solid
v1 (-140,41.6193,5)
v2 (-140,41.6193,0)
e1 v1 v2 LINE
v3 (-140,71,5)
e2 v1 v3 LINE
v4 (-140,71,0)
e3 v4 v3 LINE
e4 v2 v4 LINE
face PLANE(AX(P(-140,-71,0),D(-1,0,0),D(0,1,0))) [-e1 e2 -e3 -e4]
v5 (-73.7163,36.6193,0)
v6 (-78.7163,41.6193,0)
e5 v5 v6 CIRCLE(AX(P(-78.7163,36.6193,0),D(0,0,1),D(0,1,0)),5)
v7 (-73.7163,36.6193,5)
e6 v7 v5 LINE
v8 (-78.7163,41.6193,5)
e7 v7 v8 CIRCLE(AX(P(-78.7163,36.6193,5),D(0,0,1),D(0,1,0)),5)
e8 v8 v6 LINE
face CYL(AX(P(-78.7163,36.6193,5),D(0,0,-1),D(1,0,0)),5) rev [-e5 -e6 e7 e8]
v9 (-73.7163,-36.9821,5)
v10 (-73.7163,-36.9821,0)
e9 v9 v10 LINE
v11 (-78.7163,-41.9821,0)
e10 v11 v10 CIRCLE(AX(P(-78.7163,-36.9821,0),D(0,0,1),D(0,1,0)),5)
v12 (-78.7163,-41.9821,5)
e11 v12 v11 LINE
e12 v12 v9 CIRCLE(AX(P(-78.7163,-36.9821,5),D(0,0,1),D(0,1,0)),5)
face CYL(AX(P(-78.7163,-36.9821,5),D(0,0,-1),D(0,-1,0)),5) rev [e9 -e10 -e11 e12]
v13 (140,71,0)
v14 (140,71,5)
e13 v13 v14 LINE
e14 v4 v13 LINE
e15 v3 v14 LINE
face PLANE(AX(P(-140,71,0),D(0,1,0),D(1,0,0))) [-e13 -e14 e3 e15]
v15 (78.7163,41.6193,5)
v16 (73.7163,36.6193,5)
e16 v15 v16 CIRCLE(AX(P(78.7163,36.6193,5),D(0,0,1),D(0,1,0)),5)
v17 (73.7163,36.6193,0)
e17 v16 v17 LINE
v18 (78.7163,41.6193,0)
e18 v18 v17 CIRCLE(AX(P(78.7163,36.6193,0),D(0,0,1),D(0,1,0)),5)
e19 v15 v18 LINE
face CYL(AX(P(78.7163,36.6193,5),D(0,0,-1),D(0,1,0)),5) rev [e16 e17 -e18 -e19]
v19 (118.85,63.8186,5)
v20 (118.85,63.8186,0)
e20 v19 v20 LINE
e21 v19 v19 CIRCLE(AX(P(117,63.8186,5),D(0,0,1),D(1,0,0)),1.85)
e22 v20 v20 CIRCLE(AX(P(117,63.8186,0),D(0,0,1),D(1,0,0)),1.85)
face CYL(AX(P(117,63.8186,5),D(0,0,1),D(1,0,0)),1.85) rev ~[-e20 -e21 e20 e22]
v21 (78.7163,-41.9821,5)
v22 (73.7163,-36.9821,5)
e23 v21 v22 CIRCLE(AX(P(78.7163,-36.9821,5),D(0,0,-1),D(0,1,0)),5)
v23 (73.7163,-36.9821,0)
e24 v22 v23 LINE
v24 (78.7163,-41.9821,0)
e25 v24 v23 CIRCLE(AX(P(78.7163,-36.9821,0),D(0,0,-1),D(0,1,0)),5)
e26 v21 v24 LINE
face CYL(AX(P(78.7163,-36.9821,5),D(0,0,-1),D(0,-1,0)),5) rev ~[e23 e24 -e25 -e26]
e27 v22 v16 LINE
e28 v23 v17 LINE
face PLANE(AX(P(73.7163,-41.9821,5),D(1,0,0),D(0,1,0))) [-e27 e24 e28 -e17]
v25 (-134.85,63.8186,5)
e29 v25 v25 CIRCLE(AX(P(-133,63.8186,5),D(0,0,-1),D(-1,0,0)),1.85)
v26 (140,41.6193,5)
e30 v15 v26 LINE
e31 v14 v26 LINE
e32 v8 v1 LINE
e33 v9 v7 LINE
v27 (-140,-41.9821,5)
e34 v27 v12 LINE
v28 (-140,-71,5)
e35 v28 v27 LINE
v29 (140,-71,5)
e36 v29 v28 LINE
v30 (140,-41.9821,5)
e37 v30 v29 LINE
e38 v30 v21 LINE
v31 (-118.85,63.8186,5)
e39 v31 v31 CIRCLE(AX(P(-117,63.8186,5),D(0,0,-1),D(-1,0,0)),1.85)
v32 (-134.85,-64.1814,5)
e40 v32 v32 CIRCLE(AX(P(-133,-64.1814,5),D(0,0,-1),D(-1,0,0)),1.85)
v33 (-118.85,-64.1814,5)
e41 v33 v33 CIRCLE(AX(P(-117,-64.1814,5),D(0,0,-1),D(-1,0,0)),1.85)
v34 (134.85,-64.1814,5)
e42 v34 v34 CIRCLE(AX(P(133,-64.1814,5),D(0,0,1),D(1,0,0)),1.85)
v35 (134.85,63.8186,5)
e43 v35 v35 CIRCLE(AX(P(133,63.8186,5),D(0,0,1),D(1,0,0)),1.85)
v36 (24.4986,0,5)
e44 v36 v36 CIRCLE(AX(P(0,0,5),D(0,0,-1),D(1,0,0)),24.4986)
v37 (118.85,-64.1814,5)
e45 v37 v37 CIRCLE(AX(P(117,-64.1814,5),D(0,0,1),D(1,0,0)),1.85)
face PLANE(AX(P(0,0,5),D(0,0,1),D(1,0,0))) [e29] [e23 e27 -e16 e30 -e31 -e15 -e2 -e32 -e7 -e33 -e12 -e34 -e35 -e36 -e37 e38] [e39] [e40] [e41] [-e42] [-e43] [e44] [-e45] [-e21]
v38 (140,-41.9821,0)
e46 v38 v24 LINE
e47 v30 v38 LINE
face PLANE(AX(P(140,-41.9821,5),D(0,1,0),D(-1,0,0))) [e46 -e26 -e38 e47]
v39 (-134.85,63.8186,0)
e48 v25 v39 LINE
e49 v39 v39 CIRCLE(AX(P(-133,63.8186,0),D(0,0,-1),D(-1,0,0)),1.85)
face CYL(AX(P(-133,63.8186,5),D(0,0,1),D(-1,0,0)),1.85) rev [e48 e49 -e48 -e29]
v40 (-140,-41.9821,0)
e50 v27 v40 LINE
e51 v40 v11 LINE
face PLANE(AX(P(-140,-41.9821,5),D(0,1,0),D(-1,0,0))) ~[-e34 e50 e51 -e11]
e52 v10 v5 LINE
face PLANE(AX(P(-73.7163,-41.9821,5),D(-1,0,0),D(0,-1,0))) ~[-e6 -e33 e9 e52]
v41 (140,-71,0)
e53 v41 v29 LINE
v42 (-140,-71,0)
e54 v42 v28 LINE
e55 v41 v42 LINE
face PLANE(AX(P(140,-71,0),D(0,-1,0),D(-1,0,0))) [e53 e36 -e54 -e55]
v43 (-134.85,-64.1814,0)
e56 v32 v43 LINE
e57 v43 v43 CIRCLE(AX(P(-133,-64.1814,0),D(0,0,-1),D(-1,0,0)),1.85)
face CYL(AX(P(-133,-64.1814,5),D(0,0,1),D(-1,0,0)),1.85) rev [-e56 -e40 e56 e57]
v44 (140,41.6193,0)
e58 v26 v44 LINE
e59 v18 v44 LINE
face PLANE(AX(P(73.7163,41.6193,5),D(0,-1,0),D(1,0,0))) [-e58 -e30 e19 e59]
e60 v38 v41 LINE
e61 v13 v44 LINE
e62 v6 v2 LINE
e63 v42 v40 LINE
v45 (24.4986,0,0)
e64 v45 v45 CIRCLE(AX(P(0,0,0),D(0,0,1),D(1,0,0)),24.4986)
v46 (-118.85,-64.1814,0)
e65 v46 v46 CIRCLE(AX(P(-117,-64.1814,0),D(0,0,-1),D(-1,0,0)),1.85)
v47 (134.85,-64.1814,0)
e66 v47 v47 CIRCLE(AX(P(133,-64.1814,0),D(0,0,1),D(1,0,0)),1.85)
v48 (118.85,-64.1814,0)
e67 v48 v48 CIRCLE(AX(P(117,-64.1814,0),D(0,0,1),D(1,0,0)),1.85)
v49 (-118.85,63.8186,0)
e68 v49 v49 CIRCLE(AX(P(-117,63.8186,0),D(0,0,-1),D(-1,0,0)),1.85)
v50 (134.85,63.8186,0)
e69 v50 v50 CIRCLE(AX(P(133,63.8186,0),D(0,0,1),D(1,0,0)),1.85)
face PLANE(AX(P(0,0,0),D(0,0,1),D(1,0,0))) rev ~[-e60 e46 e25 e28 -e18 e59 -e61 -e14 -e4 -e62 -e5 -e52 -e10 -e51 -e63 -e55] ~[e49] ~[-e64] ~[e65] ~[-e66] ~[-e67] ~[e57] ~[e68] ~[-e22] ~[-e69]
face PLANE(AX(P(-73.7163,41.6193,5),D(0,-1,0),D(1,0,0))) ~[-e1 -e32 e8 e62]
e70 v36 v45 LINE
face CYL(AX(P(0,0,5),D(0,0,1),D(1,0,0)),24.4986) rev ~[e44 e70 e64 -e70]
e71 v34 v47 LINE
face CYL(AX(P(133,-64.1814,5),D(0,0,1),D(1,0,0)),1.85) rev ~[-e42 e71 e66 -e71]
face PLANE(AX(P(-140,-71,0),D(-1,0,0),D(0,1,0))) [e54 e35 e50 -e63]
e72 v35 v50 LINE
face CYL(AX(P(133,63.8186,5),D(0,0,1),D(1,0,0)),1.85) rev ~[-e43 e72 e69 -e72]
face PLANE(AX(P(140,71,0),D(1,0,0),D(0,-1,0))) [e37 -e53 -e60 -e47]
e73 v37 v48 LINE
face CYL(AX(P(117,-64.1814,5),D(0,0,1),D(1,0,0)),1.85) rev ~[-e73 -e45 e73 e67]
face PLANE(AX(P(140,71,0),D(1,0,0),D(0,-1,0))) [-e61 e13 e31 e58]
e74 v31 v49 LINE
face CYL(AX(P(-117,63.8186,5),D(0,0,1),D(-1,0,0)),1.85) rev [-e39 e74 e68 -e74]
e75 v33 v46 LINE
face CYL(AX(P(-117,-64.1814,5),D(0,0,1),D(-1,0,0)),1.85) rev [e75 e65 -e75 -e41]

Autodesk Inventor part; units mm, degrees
ref_plane "YZ Plane" through (0, 0, 0) normal (1, 0, 0) x (0, 1, 0)
ref_plane "XZ Plane" through (0, 0, 0) normal (0, 1, 0) x (-1, 0, 0)
ref_plane "XY Plane" through (0, 0, 0) normal (0, 0, 1) x (1, 0, 0)
sketch "草图1" plane through (0, 0, 0) normal (0, 0, 1) x (1, 0, 0)
  line L0 (140, -71) -> (-140, -71)
  line L1 (-140, -71) -> (-140, 71)
  line L2 (-140, 71) -> (140, 71)
  line L3 (140, 71) -> (140, -71)
  line L4 (140, -71) -> (-140, 71) construction
  line L5 (-140, -71) -> (140, 71) construction
  point P0 (0, 0)
  dimension "d0" = 280
  dimension "d1" = 142
extrude "拉伸1" add sketch "草图1" along normal blind 5
sketch "草图2" plane through (0, 0, 5) normal (0, 0, 1) x (1, 0, 0)
  line L0 (110, 27.873) -> (110, -28.2358) projected
  line L1 (-140, -71) -> (140, -71) projected
  line L2 (0, -71) -> (0, 71)
  line L3 (140, 71) -> (-140, 71) projected
  circle A0 centre (0, 0) radius 24.4986
sketch "草图3" plane through (0, 0, 5) normal (0, 0, 1) x (1, 0, 0)
  point P0 (0, 0)
sketch "草图4" plane through (0, 0, 5) normal (0, 0, 1) x (1, 0, 0)
  circle A0 centre (117, 63.8186) radius 1.85 projected
  circle A1 centre (133, 63.8186) radius 1.85 projected
  circle A2 centre (117, -64.1814) radius 1.85 projected
  circle A3 centre (133, -64.1814) radius 1.85 projected
  line L0 (140, -32.9821) -> (110, -32.9821) projected
  line L1 (110, 32.6193) -> (140, 32.6193) projected
  line L2 (140, -71) -> (140, 71) projected
  line L3 (140, -41.9821) -> (73.7163, -41.9821)
  line L4 (73.7163, -41.9821) -> (73.7163, 41.6193)
  line L5 (73.7163, 41.6193) -> (140, 41.6193)
  line L6 (140, 41.6193) -> (140, -41.9821)
  point P0 (0, 0)
  dimension "d4" = 9
  dimension "d5" = 9
extrude "拉伸2" cut sketch "草图4" against normal blind 5
ref_plane "工作平面1" through (0, 71, 5) normal (1, 0, 0) x (0, 0, -1)
mirror "镜像1" about plane through (0, 71, 5) normal (1, 0, 0) of "拉伸2"
fillet "圆角1" radius 5 4 edges at (73.7163, -41.9821, 2.5) (73.7163, 41.6193, 2.5) (-73.7163, 41.6193, 2.5) (-73.7163, -41.9821, 2.5)
extrude "拉伸3" cut sketch "草图2" against normal blind 10
properties part number "玻纤"
